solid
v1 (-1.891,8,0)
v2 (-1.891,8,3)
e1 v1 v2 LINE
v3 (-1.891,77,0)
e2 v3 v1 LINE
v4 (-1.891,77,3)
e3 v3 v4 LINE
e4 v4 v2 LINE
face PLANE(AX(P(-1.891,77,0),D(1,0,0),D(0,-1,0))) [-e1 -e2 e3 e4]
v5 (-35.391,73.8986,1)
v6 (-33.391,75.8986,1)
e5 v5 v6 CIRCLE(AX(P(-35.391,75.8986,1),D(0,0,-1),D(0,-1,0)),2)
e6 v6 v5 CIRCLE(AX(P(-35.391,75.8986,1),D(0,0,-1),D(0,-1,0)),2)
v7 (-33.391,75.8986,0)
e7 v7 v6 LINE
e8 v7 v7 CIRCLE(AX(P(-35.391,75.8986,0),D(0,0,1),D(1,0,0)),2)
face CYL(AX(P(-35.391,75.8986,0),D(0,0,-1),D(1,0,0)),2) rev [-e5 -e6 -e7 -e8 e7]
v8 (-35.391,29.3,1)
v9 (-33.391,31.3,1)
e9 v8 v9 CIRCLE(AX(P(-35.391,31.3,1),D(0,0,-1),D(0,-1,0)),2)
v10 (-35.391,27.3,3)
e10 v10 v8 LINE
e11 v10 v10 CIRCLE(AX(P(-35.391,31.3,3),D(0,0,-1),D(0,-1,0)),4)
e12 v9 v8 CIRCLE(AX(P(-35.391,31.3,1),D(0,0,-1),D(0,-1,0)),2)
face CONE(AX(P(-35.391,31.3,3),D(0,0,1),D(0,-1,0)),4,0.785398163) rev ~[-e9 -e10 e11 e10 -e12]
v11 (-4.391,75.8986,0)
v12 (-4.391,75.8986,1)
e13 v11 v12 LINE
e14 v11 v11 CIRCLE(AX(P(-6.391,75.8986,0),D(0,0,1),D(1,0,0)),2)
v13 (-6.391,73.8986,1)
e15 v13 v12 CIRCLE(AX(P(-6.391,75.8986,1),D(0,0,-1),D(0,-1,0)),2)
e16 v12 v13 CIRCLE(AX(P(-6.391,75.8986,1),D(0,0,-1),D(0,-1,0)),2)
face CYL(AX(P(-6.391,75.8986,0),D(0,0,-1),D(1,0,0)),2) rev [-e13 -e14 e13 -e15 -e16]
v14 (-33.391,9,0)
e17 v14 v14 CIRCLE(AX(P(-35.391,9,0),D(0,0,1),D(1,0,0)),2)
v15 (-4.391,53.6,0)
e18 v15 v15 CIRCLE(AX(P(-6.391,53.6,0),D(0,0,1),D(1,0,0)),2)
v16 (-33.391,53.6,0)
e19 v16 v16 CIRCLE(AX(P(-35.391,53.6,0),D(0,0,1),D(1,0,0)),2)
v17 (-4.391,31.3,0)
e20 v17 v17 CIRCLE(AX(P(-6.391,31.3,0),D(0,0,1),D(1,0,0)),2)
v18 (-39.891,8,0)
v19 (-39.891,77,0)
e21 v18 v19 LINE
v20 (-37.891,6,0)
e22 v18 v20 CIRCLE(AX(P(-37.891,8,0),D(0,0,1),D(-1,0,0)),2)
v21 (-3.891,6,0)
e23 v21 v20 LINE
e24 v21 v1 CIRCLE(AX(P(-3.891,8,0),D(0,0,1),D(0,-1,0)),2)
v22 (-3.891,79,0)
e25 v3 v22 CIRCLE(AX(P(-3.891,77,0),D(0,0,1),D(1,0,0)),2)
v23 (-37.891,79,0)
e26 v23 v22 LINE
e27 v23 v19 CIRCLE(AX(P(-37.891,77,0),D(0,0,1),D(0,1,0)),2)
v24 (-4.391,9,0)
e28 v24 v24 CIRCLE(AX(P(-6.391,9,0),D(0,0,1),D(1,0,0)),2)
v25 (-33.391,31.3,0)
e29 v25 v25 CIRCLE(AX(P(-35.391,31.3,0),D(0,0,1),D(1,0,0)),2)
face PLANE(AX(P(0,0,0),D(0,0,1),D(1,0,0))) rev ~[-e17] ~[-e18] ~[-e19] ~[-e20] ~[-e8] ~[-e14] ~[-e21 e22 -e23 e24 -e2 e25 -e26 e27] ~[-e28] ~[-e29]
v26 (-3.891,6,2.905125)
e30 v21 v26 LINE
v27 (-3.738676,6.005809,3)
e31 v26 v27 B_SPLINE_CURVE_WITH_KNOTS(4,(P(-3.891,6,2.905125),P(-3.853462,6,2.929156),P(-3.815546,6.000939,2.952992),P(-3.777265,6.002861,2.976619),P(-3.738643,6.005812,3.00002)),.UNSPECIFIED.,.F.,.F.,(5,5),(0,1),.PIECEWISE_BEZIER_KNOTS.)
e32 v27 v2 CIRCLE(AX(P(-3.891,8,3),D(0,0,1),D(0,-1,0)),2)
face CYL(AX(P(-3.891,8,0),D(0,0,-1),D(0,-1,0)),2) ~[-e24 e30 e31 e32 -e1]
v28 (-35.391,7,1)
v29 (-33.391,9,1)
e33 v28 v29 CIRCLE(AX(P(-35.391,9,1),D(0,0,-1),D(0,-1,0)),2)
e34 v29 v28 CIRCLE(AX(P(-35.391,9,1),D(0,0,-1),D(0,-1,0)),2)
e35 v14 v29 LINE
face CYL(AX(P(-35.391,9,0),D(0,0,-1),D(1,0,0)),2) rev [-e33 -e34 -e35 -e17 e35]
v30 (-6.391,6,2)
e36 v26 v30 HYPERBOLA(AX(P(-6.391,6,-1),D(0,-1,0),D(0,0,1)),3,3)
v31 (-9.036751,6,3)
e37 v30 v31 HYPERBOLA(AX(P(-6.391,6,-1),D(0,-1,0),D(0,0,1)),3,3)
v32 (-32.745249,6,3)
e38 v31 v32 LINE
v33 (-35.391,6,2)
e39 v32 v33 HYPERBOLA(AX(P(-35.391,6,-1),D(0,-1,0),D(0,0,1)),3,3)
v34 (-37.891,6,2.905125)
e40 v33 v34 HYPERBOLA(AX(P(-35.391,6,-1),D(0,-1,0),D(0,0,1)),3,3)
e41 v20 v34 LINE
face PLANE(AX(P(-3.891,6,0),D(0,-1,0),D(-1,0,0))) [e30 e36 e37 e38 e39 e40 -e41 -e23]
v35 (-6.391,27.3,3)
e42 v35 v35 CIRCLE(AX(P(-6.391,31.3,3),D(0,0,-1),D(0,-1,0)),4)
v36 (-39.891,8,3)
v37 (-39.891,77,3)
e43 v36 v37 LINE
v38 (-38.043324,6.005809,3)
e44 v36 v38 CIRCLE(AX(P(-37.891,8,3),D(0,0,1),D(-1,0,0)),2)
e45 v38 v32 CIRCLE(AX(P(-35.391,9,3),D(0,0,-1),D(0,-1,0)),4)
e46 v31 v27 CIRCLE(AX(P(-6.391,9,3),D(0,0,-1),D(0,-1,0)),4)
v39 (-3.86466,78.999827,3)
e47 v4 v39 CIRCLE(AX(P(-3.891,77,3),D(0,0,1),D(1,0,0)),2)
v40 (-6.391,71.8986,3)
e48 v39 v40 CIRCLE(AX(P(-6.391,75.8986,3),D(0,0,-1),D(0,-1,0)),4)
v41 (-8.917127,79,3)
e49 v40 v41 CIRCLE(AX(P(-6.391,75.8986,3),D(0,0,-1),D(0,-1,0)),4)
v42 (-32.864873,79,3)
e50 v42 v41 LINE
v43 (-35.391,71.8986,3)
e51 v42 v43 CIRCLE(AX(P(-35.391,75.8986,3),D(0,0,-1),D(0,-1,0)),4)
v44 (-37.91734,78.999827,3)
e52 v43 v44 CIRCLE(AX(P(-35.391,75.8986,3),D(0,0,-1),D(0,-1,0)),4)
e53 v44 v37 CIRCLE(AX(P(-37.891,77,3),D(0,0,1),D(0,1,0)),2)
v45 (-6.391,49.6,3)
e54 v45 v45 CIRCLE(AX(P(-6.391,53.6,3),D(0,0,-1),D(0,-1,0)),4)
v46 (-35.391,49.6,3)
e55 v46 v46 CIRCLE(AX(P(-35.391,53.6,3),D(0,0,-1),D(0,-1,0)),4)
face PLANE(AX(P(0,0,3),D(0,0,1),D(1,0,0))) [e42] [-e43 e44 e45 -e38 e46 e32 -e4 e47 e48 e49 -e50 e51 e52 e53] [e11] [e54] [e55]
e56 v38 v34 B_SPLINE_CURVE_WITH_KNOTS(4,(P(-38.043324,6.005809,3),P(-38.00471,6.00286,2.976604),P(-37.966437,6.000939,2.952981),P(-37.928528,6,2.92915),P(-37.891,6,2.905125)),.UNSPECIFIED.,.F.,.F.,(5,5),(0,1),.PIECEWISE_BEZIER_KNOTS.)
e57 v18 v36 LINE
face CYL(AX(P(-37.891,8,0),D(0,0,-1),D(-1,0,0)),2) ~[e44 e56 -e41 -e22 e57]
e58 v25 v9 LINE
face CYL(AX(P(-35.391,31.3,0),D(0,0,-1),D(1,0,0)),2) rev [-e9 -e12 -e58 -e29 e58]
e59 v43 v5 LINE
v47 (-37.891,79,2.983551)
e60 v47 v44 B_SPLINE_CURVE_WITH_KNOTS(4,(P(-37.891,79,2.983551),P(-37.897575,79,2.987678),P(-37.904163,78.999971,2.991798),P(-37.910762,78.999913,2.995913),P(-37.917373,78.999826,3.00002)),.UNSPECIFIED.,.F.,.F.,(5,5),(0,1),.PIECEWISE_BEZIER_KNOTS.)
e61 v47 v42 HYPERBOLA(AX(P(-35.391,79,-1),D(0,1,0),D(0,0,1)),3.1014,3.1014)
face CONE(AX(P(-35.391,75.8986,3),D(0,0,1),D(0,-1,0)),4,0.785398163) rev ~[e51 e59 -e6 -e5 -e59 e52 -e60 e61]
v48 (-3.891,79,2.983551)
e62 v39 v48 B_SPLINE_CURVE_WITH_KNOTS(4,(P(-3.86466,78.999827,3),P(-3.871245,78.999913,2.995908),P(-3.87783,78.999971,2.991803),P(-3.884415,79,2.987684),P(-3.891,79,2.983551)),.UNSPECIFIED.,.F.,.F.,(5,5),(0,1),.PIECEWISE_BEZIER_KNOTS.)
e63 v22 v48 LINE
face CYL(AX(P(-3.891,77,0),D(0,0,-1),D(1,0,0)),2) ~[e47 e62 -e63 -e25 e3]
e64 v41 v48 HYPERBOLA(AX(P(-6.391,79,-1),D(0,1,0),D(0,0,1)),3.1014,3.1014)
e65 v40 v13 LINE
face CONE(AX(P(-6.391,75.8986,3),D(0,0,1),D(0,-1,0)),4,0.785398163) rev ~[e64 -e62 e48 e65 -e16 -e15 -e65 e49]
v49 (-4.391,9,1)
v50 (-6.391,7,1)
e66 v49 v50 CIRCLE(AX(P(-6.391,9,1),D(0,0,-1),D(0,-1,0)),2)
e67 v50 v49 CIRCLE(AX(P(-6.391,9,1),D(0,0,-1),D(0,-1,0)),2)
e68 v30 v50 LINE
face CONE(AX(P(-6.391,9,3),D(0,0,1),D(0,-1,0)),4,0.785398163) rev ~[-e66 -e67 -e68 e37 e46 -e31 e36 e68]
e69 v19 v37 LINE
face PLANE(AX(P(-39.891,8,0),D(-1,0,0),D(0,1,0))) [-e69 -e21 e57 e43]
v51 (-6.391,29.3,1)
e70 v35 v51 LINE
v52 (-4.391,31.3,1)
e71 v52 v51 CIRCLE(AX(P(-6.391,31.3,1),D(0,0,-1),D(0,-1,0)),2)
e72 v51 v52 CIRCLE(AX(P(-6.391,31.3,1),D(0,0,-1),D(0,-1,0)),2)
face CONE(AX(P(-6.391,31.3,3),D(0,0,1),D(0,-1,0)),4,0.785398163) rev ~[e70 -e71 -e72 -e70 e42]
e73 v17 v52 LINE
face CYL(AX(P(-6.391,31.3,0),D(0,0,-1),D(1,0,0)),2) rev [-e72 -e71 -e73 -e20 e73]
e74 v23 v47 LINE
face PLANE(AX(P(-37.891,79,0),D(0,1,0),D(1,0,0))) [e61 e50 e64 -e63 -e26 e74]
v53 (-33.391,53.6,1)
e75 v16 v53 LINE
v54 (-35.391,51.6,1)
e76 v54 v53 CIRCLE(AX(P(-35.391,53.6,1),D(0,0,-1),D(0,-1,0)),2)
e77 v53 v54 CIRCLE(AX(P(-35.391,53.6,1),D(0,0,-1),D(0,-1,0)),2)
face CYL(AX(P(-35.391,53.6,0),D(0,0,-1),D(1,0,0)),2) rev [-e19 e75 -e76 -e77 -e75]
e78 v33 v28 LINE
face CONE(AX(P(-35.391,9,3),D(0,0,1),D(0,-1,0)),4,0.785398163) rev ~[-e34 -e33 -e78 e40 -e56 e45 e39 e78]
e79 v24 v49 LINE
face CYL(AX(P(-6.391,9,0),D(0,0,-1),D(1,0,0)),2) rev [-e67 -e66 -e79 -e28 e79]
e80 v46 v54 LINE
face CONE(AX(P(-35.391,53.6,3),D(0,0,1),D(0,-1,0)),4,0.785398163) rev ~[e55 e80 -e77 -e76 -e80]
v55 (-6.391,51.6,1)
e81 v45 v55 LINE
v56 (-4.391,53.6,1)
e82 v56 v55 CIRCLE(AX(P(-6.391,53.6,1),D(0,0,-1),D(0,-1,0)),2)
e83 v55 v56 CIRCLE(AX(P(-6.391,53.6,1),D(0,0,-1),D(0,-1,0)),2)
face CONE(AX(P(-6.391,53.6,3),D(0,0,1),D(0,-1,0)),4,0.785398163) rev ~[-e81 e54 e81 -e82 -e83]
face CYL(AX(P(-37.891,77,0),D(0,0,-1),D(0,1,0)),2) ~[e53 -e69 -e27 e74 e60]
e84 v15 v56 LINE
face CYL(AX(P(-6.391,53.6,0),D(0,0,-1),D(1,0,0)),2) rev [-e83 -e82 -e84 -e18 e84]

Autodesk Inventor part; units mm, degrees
ref_plane "YZ Plane" through (0, 0, 0) normal (1, 0, 0) x (0, 1, 0)
ref_plane "XZ Plane" through (0, 0, 0) normal (0, 1, 0) x (-1, 0, 0)
ref_plane "XY Plane" through (0, 0, 0) normal (0, 0, 1) x (1, 0, 0)
sketch "Boceto1" plane through (0, 0, 0) normal (0, 0, 1) x (1, 0, 0)
  circle A0 centre (-35.391, 9) radius 2
  circle A1 centre (-6.391, 31.3) radius 2
  circle A2 centre (-6.391, 75.8986) radius 2
  circle A3 centre (-35.391, 75.8986) radius 2
  circle A4 centre (-35.391, 53.6) radius 2
  circle A5 centre (-6.391, 53.6) radius 2
  circle A6 centre (-6.391, 9) radius 2
  circle A7 centre (-35.391, 31.3) radius 2
  line L0 (-39.891, 8) -> (-39.891, 77)
  arc A8 (-39.891, 8) -> (-37.891, 6) centre (-37.891, 8) ccw
  line L1 (-3.891, 6) -> (-37.891, 6)
  arc A9 (-3.891, 6) -> (-1.891, 8) centre (-3.891, 8) ccw
  line L2 (-1.891, 77) -> (-1.891, 8)
  arc A10 (-1.891, 77) -> (-3.891, 79) centre (-3.891, 77) ccw
  line L3 (-37.891, 79) -> (-3.891, 79)
  arc A11 (-37.891, 79) -> (-39.891, 77) centre (-37.891, 77) ccw
  point P0 (0, 0)
  point P1 (-20.891, 10)
  dimension "d0" = 38
extrude "Extrusión1" add sketch "Boceto1" along normal blind 3
sketch "Boceto2" plane through (0, 0, 3) normal (0, 0, 1) x (1, 0, 0)
  point P0 (0, 0)
  point P1 (-35.391, 75.8986)
  point P2 (-6.391, 75.8986)
  point P3 (-6.391, 53.6)
  point P4 (-35.391, 53.6)
  point P5 (-35.391, 31.3)
  point P6 (-6.391, 31.3)
  point P7 (-35.391, 9)
  point P8 (-6.391, 9)
hole "Hole2" at (-35.391, 75.8986, 3) at (-6.391, 75.8986, 3) at (-6.391, 53.6, 3) at (-35.391, 53.6, 3) at (-35.391, 31.3, 3) at (-6.391, 31.3, 3) at (-35.391, 9, 3) at (-6.391, 9, 3) direction (0, 0, -1) diameter 4 end through all countersink diameter 8 countersink angle 90
equation "\"d17\" = Grosor"
equation "\"Radio_pliegue\" = Grosor"
equation "\"Anchura_desahogo_plegado\" = Grosor"
equation "\"Profundidad_desahogo_plegado\" = 0.5 * Grosor"
equation "\"Tamaño_destalonado\" = 4 * Grosor"
equation "\"Remanente_mínimo\" = 2 * Grosor"
equation "\"Radiodetransición\" = Radio_pliegue"
equation "\"Tamaño_de_radio_de_Jacobi\" = Radio_pliegue"
equation "\"TamañoSeparación\" = Grosor"
equation "\"Grosor\" = 0.5"
properties part number "Tapa"
